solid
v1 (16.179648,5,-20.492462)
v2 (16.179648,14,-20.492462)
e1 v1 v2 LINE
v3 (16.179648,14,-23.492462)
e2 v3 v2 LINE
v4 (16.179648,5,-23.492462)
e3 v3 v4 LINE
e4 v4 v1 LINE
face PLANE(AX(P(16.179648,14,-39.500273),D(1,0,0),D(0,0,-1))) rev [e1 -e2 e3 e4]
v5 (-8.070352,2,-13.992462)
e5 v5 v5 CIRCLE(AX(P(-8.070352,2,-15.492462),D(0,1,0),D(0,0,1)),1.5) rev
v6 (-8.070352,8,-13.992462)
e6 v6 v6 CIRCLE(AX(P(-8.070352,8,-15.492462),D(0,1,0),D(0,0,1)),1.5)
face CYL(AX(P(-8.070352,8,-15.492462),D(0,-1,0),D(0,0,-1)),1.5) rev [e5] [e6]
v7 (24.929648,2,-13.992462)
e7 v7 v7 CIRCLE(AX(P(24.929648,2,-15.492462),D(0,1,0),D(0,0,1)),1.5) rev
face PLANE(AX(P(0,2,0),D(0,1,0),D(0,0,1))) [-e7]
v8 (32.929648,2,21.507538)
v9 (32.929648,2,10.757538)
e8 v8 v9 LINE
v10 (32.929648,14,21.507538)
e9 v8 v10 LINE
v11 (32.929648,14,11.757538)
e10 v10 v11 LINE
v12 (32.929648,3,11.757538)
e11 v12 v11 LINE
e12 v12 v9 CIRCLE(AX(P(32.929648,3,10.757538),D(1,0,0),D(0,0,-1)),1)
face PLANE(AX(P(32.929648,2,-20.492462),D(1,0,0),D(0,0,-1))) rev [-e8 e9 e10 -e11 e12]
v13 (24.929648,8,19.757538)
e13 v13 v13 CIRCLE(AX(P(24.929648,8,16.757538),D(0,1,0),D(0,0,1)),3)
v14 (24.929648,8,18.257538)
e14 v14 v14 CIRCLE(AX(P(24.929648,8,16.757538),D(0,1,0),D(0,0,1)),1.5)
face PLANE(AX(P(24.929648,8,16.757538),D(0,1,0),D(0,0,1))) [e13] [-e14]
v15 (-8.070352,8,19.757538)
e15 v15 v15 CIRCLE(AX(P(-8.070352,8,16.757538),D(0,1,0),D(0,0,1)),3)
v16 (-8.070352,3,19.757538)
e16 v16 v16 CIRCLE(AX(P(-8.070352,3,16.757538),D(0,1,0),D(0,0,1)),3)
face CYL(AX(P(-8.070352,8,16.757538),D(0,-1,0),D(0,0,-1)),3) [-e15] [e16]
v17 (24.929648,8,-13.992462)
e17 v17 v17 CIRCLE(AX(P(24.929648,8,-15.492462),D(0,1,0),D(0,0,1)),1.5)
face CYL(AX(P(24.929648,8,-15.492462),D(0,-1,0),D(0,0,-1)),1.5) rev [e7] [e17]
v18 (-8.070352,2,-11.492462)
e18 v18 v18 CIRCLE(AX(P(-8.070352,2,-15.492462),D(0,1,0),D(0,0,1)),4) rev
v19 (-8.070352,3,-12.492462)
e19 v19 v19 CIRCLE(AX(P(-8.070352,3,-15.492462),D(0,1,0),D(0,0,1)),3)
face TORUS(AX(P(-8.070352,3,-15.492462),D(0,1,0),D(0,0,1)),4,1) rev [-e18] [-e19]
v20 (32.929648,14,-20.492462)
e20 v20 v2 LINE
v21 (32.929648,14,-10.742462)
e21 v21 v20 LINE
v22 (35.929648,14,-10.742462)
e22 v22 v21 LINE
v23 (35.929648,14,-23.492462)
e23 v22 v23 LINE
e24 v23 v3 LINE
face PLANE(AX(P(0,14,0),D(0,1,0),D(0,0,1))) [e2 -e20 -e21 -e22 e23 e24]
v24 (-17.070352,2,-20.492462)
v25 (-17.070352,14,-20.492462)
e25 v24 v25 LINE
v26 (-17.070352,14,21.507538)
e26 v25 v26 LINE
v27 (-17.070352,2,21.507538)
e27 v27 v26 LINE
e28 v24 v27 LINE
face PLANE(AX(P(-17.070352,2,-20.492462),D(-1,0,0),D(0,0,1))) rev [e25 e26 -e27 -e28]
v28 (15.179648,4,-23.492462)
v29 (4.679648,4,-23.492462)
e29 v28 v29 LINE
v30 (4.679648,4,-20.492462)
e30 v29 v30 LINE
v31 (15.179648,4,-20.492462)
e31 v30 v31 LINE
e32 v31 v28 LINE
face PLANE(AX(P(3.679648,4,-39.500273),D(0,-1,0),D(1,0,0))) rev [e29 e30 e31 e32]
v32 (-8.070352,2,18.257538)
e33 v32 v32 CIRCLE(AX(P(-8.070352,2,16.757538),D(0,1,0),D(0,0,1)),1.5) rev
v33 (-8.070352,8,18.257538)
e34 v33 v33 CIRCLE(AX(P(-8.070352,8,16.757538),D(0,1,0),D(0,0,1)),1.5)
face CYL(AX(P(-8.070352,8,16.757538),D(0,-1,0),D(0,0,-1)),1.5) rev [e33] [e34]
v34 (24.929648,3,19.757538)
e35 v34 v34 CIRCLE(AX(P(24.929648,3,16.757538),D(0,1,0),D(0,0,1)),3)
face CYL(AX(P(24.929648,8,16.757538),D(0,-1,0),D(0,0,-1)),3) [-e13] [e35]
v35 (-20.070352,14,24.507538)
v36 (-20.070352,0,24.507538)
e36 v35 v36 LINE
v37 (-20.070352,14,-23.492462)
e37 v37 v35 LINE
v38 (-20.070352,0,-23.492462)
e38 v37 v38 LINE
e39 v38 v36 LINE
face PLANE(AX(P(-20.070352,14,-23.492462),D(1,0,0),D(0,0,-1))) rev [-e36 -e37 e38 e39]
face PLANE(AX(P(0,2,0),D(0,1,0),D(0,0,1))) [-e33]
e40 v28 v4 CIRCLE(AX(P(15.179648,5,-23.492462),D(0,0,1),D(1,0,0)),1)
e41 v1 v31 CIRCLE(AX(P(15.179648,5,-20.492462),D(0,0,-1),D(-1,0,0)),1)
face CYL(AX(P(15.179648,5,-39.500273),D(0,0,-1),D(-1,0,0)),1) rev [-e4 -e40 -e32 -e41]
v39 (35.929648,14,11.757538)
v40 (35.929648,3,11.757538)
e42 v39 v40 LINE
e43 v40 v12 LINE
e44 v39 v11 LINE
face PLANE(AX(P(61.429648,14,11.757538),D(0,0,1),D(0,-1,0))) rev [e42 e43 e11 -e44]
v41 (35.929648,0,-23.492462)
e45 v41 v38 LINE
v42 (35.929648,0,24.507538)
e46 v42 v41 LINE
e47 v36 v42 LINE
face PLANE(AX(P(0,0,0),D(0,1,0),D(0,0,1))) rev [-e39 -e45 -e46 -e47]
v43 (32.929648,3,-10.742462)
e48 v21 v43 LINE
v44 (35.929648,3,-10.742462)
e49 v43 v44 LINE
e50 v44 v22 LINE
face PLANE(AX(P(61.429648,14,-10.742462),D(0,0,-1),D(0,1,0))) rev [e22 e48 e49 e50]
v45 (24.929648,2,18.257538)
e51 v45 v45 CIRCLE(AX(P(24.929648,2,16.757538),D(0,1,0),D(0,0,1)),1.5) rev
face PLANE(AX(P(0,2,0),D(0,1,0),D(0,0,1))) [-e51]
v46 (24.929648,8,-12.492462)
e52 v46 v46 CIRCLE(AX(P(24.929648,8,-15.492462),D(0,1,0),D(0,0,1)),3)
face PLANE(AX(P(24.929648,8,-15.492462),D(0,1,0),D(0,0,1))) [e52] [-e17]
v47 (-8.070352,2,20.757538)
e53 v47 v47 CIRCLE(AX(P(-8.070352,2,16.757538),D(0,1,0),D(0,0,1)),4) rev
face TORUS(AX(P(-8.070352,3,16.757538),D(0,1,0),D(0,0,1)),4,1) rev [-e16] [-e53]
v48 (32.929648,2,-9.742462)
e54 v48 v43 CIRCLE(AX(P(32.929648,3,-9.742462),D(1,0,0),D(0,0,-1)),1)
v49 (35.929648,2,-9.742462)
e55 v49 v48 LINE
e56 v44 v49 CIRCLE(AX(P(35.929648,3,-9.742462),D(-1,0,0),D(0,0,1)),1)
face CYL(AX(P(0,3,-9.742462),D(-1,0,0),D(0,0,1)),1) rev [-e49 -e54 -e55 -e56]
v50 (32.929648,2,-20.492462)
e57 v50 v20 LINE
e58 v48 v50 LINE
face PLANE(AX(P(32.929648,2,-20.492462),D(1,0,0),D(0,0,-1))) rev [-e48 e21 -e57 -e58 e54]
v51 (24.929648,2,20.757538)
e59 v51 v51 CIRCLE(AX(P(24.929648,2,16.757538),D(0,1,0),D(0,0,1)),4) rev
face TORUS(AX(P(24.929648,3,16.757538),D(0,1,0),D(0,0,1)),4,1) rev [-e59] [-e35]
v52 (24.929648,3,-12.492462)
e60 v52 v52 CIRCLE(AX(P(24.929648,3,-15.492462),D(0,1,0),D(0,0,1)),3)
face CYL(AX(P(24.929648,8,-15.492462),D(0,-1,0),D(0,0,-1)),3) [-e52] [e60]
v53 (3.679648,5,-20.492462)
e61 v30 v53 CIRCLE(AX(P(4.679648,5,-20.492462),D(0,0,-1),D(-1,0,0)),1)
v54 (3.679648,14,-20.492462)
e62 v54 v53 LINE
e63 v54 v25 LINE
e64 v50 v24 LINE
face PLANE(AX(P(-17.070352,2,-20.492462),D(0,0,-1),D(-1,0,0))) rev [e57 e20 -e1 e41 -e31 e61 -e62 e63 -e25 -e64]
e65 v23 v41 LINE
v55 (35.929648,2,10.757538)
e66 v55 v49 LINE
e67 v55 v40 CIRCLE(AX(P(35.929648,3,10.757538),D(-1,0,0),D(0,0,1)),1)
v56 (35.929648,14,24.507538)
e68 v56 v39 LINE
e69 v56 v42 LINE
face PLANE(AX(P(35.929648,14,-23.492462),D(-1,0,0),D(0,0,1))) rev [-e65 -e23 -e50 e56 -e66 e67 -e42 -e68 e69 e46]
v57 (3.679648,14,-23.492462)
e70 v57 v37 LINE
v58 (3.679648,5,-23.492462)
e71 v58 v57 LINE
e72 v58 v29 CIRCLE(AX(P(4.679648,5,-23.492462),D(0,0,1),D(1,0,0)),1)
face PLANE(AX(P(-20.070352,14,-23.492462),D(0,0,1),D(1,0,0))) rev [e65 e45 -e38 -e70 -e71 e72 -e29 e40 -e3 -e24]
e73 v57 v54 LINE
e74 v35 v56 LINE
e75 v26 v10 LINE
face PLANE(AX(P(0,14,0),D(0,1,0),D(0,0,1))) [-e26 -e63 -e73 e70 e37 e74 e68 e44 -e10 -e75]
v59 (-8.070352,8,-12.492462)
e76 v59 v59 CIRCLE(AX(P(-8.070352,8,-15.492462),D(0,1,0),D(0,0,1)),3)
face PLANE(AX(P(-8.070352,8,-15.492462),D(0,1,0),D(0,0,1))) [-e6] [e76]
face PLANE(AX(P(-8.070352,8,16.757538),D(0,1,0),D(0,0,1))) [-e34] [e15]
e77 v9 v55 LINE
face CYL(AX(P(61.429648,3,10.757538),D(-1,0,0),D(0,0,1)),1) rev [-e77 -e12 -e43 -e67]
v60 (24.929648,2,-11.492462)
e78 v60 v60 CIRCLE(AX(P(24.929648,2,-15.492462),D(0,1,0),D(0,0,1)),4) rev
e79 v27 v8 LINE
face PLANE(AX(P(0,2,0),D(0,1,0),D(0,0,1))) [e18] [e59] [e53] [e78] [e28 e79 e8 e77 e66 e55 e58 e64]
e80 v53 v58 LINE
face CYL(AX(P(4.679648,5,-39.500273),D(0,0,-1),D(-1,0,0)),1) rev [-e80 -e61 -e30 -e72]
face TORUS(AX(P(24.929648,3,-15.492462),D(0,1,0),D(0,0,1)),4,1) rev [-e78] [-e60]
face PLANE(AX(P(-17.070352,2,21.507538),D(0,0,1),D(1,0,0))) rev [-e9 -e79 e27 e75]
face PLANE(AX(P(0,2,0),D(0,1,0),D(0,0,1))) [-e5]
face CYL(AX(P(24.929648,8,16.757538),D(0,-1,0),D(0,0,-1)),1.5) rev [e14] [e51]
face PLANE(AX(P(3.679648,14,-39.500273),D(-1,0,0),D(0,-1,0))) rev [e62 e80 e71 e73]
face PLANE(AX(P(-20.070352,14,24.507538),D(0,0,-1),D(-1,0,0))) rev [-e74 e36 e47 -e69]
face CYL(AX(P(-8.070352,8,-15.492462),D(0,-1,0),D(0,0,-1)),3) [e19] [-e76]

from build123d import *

# Parameters (mm, degrees)
SKETCH1_W           = 56
SKETCH1_H           = 48
BOSS_EXTRUDE1_DEPTH = 14
SKETCH3_W           = 50
SKETCH3_H           = 42
CUT_EXTRUDE1_DEPTH  = 12
SKETCH4_R           = 3
SKETCH4_R_2         = 1.5
BOSS_EXTRUDE2_DEPTH = 6
SKETCH5_W           = 22.5
SKETCH5_H           = 12
CUT_EXTRUDE2_DEPTH  = 3
SKETCH6_W           = 12.5
SKETCH6_H           = 10
CUT_EXTRUDE3_DEPTH  = 3
FILLET1_R           = 1
FILLET2_R           = 1


with BuildPart() as part:
    # Sketch1 → Boss-Extrude1 (new body)
    with BuildSketch(Plane(origin=(0, 0, 0), x_dir=(1, 0, 0), z_dir=(0, 1, 0))):
        with Locations((7.929648241, -0.507537688)):
            Rectangle(SKETCH1_W, SKETCH1_H)
    extrude(amount=BOSS_EXTRUDE1_DEPTH)

    # Sketch3 → Cut-Extrude1 (cut)
    with BuildSketch(Plane(origin=(0, 14, 0), x_dir=(1, 0, 0), z_dir=(0, 1, 0))):
        with Locations((7.929648241, -0.507537688)):
            Rectangle(SKETCH3_W, SKETCH3_H)
    extrude(amount=-CUT_EXTRUDE1_DEPTH, mode=Mode.SUBTRACT)

    # Sketch4 → Boss-Extrude2 (add)
    # profile 1 of 4: a face of its own
    with BuildSketch(Plane(origin=(0, 2, 0), x_dir=(1, 0, 0), z_dir=(0, 1, 0))):
        with Locations(Location((-8.070351759, 15.492462312, 0), (0, 0, 270))):
            Circle(SKETCH4_R)
        with Locations(Location((-8.070351759, 15.492462312, 0), (0, 0, 270))):
            Circle(SKETCH4_R_2, mode=Mode.SUBTRACT)
    # profile 2 of 4: a face of its own
    with BuildSketch(Plane(origin=(0, 2, 0), x_dir=(1, 0, 0), z_dir=(0, 1, 0))):
        with Locations(Location((24.929648241, 15.492462312, 0), (0, 0, 270))):
            Circle(SKETCH4_R)
        with Locations(Location((24.929648241, 15.492462312, 0), (0, 0, 270))):
            Circle(SKETCH4_R_2, mode=Mode.SUBTRACT)
    # profile 3 of 4: a face of its own
    with BuildSketch(Plane(origin=(0, 2, 0), x_dir=(1, 0, 0), z_dir=(0, 1, 0))):
        with Locations(Location((24.929648241, -16.757537688, 0), (0, 0, 270))):
            Circle(SKETCH4_R)
        with Locations(Location((24.929648241, -16.757537688, 0), (0, 0, 270))):
            Circle(SKETCH4_R_2, mode=Mode.SUBTRACT)
    # profile 4 of 4: a face of its own
    with BuildSketch(Plane(origin=(0, 2, 0), x_dir=(1, 0, 0), z_dir=(0, 1, 0))):
        with Locations(Location((-8.070351759, -16.757537688, 0), (0, 0, 270))):
            Circle(SKETCH4_R)
        with Locations(Location((-8.070351759, -16.757537688, 0), (0, 0, 270))):
            Circle(SKETCH4_R_2, mode=Mode.SUBTRACT)
    extrude(amount=BOSS_EXTRUDE2_DEPTH)

    # Sketch5 → Cut-Extrude2 (cut)
    with BuildSketch(Plane.ZY.offset(-32.929648241)):
        with Locations((0.507537688, 8)):
            Rectangle(SKETCH5_W, SKETCH5_H)
    extrude(amount=-CUT_EXTRUDE2_DEPTH, mode=Mode.SUBTRACT)

    # Sketch6 → Cut-Extrude3 (cut)
    with BuildSketch(Plane.XY.offset(-20.492462312)):
        with Locations((9.929648241, 9)):
            Rectangle(SKETCH6_W, SKETCH6_H)
    extrude(amount=-CUT_EXTRUDE3_DEPTH, mode=Mode.SUBTRACT)

    # Fillet1
    fillet1_edges = [part.edges().sort_by_distance(p)[0] for p in [
        (34.429648241, 2, -10.742462312),
        (34.429648241, 2, 11.757537688),
        (3.679648241, 4, -21.992462312),
        (16.179648241, 4, -21.992462312),
    ]]
    fillet(fillet1_edges, radius=FILLET1_R)

    # Fillet2
    fillet2_edges = [part.edges().sort_by_distance(p)[0] for p in [
        (-8.070351759, 2, -18.492462312),
        (24.929648241, 2, -18.492462312),
        (24.929648241, 2, 13.757537688),
        (-8.070351759, 2, 13.757537688),
    ]]
    fillet(fillet2_edges, radius=FILLET2_R)


solid = part.part
